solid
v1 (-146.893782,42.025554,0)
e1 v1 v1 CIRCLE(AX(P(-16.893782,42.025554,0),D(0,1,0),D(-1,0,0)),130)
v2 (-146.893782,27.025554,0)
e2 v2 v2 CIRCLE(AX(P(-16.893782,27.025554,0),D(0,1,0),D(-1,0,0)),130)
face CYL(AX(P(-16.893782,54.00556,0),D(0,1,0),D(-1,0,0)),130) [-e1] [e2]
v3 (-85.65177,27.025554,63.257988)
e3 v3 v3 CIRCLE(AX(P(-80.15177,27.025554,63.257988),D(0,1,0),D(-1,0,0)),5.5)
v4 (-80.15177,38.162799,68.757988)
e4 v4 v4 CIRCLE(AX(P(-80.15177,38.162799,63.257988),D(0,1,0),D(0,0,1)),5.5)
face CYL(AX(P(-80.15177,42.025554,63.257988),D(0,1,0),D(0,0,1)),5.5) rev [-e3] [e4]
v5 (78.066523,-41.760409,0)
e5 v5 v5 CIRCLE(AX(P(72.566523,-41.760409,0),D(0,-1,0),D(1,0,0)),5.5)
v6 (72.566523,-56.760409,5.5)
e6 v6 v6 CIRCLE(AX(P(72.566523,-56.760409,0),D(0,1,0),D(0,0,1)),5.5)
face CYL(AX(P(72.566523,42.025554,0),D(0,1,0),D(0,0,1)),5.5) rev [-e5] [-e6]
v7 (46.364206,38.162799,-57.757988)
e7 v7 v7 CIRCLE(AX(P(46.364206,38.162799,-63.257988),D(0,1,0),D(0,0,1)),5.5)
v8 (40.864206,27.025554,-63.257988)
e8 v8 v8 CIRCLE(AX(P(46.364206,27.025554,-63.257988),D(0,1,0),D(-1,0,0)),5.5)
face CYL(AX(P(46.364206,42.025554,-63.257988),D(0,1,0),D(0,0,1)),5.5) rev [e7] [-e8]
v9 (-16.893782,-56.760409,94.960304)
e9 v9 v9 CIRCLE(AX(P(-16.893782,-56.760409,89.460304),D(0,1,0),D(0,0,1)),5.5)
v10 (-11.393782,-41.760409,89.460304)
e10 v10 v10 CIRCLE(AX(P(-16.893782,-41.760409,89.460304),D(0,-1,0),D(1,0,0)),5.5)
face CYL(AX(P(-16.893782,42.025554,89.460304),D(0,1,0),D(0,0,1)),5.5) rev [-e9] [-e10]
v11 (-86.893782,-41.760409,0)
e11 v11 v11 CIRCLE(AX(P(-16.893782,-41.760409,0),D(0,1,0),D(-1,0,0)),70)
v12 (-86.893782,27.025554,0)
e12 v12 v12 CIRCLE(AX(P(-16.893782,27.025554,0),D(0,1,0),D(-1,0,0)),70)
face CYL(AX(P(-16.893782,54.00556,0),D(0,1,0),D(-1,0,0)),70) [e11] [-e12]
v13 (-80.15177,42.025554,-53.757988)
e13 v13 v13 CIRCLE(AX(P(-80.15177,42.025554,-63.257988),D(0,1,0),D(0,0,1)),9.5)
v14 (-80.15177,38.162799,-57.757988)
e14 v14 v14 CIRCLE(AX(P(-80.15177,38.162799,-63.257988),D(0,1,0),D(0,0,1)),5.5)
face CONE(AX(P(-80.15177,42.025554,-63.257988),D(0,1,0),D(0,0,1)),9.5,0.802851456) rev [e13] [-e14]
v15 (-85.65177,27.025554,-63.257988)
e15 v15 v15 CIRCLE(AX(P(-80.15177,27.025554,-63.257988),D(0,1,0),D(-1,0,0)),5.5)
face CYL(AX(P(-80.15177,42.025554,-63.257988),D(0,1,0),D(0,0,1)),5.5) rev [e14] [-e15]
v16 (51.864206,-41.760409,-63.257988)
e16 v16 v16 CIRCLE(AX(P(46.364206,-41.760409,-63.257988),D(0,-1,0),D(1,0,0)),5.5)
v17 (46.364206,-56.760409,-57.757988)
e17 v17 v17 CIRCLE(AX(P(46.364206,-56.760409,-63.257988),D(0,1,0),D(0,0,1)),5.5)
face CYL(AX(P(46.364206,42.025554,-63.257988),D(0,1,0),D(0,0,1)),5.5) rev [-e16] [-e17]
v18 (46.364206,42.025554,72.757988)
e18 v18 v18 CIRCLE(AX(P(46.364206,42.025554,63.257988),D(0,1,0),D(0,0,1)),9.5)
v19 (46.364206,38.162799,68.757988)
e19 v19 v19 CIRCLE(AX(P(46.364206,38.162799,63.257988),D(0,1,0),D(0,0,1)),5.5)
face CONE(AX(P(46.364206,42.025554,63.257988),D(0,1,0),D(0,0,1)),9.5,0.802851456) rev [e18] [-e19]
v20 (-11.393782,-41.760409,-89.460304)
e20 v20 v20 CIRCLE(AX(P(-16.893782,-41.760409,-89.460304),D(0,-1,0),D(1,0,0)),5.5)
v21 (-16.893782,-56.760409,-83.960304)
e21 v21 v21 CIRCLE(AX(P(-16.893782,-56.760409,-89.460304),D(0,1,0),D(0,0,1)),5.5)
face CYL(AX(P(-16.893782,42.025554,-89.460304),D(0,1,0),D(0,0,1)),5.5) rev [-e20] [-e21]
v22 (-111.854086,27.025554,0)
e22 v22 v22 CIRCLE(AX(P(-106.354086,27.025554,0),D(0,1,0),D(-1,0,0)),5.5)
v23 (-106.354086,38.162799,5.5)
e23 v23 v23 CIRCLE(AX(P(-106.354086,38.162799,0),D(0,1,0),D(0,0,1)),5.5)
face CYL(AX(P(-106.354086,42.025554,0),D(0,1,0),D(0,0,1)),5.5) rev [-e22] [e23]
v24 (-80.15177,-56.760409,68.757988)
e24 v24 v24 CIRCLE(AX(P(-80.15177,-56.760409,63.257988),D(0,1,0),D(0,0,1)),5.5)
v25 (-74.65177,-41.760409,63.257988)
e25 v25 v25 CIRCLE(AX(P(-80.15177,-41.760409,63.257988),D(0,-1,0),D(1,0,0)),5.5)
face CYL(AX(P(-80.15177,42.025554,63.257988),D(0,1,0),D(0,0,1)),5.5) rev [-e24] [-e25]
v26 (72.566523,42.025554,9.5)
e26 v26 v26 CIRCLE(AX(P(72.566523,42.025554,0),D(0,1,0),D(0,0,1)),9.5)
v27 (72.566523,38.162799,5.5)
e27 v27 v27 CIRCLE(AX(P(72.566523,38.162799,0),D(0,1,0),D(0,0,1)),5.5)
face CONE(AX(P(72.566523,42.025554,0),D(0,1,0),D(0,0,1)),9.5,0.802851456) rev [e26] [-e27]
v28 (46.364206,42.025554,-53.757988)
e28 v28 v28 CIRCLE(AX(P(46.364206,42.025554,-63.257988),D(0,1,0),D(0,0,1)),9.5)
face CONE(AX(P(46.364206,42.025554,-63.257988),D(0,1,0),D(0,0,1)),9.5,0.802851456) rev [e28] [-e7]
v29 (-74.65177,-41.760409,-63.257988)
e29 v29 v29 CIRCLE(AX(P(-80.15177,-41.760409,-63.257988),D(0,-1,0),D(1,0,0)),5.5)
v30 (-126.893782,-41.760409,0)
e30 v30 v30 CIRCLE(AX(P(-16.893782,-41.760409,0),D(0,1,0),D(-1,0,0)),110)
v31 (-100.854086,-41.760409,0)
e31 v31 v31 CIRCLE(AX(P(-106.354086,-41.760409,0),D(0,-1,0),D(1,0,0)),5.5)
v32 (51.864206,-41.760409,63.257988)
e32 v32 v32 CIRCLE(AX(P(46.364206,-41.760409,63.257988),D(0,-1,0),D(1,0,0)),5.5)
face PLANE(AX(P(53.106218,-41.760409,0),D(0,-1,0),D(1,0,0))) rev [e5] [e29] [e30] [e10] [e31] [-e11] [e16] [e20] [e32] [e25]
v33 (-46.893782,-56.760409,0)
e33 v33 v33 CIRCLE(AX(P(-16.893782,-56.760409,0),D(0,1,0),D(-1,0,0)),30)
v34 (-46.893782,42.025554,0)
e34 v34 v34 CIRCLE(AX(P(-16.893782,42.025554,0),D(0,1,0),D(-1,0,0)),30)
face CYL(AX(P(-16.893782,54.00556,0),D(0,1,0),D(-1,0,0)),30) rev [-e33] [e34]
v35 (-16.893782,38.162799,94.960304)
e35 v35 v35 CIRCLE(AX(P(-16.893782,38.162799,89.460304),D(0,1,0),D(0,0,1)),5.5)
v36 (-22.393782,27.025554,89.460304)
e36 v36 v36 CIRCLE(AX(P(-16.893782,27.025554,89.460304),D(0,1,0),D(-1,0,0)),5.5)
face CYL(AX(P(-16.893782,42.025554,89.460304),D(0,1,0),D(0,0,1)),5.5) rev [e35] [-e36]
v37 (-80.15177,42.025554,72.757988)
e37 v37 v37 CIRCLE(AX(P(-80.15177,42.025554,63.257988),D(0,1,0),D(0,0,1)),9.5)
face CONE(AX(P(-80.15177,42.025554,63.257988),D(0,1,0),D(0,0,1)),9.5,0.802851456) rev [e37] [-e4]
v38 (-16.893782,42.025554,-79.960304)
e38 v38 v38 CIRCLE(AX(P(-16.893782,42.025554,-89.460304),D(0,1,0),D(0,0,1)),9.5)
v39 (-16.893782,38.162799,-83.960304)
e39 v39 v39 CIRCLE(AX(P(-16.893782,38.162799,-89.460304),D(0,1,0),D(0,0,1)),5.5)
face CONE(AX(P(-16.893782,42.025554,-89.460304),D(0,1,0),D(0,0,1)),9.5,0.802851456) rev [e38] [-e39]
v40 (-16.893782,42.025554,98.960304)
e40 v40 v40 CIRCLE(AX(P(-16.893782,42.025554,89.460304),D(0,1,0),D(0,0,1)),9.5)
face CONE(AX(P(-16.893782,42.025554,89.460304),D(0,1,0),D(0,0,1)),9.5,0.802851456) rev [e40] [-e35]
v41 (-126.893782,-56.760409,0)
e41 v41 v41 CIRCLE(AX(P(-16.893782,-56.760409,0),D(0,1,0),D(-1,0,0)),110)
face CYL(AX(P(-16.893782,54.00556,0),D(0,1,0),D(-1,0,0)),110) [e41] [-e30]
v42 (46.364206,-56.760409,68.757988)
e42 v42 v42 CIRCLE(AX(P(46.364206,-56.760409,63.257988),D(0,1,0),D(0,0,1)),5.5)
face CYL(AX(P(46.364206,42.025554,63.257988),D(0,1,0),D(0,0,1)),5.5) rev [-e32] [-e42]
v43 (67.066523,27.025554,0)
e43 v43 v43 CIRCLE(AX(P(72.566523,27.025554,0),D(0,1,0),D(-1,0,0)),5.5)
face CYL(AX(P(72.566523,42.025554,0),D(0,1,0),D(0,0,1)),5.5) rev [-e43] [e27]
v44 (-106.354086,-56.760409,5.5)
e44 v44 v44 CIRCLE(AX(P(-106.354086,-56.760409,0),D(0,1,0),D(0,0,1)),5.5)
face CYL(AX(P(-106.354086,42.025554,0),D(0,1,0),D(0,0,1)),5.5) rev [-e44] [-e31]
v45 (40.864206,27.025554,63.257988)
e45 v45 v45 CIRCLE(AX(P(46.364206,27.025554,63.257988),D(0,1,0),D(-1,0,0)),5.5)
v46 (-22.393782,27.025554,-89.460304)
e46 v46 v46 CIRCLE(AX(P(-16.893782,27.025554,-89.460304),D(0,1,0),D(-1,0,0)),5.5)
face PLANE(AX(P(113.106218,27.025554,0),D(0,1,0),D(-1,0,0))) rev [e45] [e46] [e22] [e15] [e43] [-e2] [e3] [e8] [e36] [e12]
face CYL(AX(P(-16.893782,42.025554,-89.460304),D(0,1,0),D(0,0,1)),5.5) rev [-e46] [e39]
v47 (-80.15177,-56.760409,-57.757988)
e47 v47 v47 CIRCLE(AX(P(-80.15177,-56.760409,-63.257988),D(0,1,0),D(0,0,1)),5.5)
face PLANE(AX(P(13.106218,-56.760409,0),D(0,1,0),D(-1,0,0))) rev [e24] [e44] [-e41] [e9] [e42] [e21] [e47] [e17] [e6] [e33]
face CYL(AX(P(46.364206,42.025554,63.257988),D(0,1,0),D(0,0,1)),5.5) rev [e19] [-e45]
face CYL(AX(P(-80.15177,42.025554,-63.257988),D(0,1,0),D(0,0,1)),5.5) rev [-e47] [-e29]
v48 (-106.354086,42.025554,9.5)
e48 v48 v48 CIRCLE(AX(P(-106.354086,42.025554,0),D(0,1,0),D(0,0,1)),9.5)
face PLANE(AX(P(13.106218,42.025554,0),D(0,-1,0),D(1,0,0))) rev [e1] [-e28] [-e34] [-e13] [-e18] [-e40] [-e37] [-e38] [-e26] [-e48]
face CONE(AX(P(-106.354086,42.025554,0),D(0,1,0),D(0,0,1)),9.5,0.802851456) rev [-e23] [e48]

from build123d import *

# Parameters (mm, degrees)
CSK_FOR_M10_CROSS_COUNTERSUNK_HEAD_SCREW_D           = 11
CSK_FOR_M10_CROSS_COUNTERSUNK_HEAD_SCREW_CSINK_D     = 19
CSK_FOR_M10_CROSS_COUNTERSUNK_HEAD_SCREW_CSINK_ANGLE = 92
CIRPATTERN2_COUNT                                    = 8


with BuildPart() as part:
    # Sketch1 → Revolve2 (revolve)
    with BuildSketch(Plane.XY, mode=Mode.PRIVATE) as revolve2_sk:
        Polygon((13.106218235, 42.025554223), (113.106218235, 42.025554223), (113.106218235, 27.025554223), (53.106218235, 27.025554223), (53.106218235, -41.760408771), (93.106218235, -41.760408771), (93.106218235, -56.760408771), (13.106218235, -56.760408771), align=None)
    revolve(revolve2_sk.sketch.rotate(Axis((-16.893781765, 54.005560253, 0), (0, -1, 0)), 180), axis=Axis((-16.893781765, 54.005560253, 0), (0, -1, 0)))

    # CSK for M10 Cross Countersunk Head Screw1 (through all)
    with Locations(Plane(origin=(0, 42.025554223, 0), x_dir=(1, 0, 0), z_dir=(0, 1, 0))):
        with Locations((72.566522529, 0)):
            csk_for_m10_cross_countersunk_head_screw = CounterSinkHole(CSK_FOR_M10_CROSS_COUNTERSUNK_HEAD_SCREW_D / 2, CSK_FOR_M10_CROSS_COUNTERSUNK_HEAD_SCREW_CSINK_D / 2, counter_sink_angle=CSK_FOR_M10_CROSS_COUNTERSUNK_HEAD_SCREW_CSINK_ANGLE)

    # CirPattern2: CSK for M10 Cross Countersunk Head Screw1 ×8 about axis
    cirpattern2_axis = Axis((-16.893781765, 0, 0), (0, 1, 0))
    for i in range(1, CIRPATTERN2_COUNT):
        add(csk_for_m10_cross_countersunk_head_screw.rotate(cirpattern2_axis, i * 360 / CIRPATTERN2_COUNT), mode=Mode.SUBTRACT)


solid = part.part
